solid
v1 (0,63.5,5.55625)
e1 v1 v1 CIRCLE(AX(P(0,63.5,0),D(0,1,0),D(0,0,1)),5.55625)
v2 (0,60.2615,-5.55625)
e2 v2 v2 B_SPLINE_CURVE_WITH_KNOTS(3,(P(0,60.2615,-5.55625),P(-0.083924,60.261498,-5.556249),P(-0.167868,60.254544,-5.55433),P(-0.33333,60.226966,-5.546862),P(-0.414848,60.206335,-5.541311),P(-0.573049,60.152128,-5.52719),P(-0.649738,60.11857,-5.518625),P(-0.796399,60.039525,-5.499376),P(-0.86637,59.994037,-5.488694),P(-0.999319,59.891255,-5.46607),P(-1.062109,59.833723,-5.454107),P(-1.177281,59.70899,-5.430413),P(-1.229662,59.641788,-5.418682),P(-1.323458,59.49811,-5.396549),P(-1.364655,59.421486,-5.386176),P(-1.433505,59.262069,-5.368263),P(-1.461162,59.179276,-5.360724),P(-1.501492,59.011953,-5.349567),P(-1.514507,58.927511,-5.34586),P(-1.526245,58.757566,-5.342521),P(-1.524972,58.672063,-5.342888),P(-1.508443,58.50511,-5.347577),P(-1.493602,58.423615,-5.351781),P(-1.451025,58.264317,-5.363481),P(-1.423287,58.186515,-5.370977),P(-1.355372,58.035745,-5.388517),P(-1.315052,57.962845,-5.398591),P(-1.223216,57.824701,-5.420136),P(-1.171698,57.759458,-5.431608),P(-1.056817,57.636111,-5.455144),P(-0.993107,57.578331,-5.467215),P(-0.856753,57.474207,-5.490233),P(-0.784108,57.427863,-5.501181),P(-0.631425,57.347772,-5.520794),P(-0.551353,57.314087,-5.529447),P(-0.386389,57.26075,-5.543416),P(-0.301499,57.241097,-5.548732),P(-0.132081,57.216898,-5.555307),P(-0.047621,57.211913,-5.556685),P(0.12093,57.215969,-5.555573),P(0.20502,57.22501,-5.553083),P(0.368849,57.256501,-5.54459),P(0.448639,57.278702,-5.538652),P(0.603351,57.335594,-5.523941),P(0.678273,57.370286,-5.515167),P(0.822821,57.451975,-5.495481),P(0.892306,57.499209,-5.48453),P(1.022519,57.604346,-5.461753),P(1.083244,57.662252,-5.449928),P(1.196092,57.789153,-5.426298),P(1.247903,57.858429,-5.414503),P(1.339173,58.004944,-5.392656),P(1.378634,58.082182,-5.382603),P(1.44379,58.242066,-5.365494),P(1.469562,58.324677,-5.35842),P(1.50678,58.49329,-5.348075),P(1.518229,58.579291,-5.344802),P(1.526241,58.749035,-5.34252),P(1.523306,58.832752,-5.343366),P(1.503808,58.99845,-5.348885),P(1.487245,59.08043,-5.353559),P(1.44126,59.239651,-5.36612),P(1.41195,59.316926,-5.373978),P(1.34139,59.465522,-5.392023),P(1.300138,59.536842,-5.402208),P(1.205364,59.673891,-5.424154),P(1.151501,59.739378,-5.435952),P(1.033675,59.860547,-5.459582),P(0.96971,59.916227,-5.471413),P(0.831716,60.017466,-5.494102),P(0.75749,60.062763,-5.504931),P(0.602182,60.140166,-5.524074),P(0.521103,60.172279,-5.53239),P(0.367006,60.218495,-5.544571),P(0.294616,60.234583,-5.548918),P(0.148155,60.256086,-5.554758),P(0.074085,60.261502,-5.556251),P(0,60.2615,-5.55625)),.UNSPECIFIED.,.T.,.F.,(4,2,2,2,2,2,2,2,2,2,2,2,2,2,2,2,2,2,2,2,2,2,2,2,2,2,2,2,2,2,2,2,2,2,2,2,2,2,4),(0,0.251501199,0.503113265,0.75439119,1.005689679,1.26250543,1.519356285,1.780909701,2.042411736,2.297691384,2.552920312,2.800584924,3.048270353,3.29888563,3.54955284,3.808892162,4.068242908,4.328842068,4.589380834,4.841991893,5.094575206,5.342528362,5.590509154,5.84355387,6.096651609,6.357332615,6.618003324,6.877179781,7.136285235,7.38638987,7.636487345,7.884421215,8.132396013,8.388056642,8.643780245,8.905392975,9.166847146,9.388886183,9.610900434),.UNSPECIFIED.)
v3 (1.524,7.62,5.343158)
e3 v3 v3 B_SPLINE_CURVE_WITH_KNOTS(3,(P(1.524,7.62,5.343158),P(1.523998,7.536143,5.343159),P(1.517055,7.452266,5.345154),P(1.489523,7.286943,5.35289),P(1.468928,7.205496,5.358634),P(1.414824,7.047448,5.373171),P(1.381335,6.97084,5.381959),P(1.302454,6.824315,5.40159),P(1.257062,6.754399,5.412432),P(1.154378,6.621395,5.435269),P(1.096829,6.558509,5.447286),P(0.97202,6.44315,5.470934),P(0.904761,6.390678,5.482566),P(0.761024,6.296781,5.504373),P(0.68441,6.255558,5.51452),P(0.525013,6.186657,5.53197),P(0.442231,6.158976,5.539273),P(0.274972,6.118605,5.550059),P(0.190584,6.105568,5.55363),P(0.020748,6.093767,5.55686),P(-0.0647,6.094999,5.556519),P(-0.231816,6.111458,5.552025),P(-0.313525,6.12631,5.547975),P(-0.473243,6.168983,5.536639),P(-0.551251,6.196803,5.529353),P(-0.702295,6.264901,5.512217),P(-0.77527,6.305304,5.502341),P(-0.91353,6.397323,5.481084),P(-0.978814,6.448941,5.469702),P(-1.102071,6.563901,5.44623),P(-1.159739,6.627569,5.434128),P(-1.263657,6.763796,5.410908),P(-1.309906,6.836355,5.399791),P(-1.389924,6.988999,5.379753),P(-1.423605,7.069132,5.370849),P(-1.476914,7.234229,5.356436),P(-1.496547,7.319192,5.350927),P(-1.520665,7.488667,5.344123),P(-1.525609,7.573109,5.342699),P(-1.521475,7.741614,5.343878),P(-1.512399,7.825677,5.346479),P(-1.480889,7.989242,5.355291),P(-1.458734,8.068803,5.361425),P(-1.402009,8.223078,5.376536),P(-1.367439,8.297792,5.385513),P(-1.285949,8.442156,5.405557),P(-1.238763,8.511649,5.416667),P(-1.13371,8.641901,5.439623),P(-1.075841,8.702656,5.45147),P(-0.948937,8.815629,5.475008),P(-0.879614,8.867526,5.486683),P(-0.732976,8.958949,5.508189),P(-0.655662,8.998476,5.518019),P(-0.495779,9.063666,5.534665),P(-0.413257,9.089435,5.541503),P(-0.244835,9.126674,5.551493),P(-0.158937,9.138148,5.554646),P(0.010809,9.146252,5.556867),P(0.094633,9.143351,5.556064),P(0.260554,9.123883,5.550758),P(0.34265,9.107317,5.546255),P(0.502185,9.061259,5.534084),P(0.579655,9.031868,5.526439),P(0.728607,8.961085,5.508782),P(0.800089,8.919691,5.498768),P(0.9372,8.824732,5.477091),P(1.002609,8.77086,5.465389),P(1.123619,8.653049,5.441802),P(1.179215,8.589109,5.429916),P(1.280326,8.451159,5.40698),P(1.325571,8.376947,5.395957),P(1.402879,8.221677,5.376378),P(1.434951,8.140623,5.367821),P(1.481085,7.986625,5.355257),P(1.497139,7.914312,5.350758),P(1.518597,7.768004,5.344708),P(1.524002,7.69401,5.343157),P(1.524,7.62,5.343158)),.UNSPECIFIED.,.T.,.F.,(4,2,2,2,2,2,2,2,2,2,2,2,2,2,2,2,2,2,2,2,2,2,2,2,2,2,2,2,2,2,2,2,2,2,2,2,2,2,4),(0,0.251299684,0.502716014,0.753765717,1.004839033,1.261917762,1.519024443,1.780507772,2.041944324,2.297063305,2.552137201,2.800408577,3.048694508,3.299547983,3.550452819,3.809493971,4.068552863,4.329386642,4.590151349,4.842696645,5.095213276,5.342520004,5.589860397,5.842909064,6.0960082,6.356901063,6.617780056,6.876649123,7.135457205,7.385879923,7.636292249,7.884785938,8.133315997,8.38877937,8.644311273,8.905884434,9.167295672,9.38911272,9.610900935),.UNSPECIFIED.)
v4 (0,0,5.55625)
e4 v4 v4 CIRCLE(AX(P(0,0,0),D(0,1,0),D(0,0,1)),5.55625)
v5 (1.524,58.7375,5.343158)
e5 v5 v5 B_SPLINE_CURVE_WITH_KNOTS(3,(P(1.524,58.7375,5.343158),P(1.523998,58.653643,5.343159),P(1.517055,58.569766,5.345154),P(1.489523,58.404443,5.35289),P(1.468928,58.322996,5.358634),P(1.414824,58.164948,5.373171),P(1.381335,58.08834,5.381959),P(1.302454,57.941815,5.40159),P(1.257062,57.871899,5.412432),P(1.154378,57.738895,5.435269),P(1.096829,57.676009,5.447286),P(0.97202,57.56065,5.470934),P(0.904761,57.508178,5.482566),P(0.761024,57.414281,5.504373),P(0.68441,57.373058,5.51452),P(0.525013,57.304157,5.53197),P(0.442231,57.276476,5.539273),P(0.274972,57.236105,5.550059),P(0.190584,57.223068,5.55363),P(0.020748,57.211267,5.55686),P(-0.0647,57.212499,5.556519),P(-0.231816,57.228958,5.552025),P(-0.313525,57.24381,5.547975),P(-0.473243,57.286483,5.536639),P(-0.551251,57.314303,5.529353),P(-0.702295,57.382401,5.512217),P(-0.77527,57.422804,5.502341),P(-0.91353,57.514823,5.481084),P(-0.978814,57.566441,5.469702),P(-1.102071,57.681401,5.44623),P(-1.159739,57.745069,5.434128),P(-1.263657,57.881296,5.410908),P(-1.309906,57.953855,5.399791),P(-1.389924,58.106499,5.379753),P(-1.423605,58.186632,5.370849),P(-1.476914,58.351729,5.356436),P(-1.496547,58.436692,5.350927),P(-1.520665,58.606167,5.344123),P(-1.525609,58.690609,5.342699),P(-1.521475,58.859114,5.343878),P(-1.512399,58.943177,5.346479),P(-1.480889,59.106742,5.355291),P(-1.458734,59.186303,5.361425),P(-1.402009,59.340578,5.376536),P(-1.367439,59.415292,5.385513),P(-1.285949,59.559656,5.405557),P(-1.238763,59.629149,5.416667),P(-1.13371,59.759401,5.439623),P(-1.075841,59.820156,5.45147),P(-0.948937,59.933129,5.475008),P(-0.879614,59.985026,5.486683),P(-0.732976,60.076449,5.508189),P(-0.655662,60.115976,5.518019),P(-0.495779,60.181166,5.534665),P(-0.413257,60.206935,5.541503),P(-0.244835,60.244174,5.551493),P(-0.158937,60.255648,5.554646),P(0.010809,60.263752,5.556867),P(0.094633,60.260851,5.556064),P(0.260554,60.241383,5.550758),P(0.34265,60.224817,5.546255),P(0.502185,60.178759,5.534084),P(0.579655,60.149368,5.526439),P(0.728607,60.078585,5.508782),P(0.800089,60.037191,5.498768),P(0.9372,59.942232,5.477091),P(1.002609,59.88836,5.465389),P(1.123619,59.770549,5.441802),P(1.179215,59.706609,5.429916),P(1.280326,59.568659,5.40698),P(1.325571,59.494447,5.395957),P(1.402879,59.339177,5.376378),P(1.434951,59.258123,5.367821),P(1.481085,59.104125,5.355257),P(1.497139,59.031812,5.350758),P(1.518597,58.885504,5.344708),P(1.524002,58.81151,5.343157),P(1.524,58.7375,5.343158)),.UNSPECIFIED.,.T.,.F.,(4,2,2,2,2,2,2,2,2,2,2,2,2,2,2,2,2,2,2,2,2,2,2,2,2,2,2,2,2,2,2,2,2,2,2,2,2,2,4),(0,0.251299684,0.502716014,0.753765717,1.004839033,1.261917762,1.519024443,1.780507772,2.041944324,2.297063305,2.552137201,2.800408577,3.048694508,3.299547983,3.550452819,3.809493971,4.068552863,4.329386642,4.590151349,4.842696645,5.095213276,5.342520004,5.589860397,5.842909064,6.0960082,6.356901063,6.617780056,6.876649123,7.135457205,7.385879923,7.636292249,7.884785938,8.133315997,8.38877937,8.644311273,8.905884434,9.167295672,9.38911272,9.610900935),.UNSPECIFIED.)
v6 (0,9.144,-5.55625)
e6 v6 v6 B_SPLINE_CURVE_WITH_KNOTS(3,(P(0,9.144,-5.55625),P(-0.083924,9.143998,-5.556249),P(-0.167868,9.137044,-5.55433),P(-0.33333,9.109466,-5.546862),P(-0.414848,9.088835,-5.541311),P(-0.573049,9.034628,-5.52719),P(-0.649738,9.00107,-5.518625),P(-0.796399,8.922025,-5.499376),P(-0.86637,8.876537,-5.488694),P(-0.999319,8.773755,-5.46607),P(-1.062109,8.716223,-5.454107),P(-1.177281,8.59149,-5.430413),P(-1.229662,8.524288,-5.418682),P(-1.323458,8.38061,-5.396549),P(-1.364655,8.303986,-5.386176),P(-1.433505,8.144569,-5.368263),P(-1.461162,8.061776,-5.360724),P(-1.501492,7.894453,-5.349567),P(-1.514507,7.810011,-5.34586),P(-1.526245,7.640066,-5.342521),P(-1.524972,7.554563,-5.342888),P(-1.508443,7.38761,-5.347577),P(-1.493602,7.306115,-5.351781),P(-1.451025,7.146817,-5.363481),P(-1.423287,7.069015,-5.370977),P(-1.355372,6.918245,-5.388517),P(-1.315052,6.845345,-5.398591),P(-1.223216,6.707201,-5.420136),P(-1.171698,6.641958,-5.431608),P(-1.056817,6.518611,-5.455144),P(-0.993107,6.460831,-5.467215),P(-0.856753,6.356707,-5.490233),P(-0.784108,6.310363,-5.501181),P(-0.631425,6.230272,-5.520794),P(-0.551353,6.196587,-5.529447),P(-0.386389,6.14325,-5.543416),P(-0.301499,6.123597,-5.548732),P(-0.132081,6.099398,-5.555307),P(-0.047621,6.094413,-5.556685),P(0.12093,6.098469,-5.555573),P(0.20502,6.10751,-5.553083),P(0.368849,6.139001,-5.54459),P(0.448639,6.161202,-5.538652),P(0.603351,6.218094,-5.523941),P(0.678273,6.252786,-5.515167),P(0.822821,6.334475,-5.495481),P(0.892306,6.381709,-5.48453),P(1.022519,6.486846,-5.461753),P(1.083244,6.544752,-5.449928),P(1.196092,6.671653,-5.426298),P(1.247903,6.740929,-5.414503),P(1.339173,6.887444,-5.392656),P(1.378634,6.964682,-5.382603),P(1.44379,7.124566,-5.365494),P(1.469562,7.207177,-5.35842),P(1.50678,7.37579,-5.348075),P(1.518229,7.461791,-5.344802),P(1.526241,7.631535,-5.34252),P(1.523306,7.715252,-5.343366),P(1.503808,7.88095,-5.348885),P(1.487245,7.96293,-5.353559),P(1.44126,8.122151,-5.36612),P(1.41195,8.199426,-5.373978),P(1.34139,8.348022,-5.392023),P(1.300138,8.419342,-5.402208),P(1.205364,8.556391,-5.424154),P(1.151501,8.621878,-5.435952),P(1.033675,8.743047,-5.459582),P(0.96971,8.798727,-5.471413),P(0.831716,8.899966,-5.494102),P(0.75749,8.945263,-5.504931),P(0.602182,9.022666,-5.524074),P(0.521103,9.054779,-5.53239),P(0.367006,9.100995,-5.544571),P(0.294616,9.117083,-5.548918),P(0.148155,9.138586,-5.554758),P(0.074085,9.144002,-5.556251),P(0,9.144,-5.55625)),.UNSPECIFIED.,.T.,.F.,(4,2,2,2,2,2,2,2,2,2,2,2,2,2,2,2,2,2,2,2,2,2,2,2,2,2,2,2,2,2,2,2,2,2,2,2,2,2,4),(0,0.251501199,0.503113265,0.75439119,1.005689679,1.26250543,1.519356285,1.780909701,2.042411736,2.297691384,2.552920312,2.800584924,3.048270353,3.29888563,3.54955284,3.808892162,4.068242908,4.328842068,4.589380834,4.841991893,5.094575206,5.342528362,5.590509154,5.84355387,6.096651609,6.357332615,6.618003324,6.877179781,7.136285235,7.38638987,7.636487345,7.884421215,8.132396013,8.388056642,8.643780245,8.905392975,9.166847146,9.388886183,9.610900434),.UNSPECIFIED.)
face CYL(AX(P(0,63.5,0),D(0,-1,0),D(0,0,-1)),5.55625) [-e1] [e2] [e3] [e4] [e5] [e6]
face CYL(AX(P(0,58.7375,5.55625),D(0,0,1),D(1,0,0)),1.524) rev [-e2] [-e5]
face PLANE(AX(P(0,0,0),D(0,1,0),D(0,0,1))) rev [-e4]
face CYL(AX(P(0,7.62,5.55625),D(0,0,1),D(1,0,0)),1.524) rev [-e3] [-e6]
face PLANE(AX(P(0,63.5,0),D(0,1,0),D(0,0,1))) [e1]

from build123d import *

# Parameters (mm, degrees)
SKETCH1_R                  = 5.55625
BOSS_EXTRUDE1_DEPTH        = 63.5
F_31_0_12_DIAMETER_HOLE1_D = 3.048


with BuildPart() as part:
    # Sketch1 → Boss-Extrude1 (new body)
    with BuildSketch(Plane(origin=(0, 0, 0), x_dir=(1, 0, 0), z_dir=(0, 1, 0))):
        Circle(SKETCH1_R)
    extrude(amount=BOSS_EXTRUDE1_DEPTH)

    # #31 (0.12) Diameter Hole1 (through all)
    with Locations(Plane.XY.offset(5.55625)):
        with Locations((0, 58.7375), (0, 7.62)):
            Hole(F_31_0_12_DIAMETER_HOLE1_D / 2)


solid = part.part
